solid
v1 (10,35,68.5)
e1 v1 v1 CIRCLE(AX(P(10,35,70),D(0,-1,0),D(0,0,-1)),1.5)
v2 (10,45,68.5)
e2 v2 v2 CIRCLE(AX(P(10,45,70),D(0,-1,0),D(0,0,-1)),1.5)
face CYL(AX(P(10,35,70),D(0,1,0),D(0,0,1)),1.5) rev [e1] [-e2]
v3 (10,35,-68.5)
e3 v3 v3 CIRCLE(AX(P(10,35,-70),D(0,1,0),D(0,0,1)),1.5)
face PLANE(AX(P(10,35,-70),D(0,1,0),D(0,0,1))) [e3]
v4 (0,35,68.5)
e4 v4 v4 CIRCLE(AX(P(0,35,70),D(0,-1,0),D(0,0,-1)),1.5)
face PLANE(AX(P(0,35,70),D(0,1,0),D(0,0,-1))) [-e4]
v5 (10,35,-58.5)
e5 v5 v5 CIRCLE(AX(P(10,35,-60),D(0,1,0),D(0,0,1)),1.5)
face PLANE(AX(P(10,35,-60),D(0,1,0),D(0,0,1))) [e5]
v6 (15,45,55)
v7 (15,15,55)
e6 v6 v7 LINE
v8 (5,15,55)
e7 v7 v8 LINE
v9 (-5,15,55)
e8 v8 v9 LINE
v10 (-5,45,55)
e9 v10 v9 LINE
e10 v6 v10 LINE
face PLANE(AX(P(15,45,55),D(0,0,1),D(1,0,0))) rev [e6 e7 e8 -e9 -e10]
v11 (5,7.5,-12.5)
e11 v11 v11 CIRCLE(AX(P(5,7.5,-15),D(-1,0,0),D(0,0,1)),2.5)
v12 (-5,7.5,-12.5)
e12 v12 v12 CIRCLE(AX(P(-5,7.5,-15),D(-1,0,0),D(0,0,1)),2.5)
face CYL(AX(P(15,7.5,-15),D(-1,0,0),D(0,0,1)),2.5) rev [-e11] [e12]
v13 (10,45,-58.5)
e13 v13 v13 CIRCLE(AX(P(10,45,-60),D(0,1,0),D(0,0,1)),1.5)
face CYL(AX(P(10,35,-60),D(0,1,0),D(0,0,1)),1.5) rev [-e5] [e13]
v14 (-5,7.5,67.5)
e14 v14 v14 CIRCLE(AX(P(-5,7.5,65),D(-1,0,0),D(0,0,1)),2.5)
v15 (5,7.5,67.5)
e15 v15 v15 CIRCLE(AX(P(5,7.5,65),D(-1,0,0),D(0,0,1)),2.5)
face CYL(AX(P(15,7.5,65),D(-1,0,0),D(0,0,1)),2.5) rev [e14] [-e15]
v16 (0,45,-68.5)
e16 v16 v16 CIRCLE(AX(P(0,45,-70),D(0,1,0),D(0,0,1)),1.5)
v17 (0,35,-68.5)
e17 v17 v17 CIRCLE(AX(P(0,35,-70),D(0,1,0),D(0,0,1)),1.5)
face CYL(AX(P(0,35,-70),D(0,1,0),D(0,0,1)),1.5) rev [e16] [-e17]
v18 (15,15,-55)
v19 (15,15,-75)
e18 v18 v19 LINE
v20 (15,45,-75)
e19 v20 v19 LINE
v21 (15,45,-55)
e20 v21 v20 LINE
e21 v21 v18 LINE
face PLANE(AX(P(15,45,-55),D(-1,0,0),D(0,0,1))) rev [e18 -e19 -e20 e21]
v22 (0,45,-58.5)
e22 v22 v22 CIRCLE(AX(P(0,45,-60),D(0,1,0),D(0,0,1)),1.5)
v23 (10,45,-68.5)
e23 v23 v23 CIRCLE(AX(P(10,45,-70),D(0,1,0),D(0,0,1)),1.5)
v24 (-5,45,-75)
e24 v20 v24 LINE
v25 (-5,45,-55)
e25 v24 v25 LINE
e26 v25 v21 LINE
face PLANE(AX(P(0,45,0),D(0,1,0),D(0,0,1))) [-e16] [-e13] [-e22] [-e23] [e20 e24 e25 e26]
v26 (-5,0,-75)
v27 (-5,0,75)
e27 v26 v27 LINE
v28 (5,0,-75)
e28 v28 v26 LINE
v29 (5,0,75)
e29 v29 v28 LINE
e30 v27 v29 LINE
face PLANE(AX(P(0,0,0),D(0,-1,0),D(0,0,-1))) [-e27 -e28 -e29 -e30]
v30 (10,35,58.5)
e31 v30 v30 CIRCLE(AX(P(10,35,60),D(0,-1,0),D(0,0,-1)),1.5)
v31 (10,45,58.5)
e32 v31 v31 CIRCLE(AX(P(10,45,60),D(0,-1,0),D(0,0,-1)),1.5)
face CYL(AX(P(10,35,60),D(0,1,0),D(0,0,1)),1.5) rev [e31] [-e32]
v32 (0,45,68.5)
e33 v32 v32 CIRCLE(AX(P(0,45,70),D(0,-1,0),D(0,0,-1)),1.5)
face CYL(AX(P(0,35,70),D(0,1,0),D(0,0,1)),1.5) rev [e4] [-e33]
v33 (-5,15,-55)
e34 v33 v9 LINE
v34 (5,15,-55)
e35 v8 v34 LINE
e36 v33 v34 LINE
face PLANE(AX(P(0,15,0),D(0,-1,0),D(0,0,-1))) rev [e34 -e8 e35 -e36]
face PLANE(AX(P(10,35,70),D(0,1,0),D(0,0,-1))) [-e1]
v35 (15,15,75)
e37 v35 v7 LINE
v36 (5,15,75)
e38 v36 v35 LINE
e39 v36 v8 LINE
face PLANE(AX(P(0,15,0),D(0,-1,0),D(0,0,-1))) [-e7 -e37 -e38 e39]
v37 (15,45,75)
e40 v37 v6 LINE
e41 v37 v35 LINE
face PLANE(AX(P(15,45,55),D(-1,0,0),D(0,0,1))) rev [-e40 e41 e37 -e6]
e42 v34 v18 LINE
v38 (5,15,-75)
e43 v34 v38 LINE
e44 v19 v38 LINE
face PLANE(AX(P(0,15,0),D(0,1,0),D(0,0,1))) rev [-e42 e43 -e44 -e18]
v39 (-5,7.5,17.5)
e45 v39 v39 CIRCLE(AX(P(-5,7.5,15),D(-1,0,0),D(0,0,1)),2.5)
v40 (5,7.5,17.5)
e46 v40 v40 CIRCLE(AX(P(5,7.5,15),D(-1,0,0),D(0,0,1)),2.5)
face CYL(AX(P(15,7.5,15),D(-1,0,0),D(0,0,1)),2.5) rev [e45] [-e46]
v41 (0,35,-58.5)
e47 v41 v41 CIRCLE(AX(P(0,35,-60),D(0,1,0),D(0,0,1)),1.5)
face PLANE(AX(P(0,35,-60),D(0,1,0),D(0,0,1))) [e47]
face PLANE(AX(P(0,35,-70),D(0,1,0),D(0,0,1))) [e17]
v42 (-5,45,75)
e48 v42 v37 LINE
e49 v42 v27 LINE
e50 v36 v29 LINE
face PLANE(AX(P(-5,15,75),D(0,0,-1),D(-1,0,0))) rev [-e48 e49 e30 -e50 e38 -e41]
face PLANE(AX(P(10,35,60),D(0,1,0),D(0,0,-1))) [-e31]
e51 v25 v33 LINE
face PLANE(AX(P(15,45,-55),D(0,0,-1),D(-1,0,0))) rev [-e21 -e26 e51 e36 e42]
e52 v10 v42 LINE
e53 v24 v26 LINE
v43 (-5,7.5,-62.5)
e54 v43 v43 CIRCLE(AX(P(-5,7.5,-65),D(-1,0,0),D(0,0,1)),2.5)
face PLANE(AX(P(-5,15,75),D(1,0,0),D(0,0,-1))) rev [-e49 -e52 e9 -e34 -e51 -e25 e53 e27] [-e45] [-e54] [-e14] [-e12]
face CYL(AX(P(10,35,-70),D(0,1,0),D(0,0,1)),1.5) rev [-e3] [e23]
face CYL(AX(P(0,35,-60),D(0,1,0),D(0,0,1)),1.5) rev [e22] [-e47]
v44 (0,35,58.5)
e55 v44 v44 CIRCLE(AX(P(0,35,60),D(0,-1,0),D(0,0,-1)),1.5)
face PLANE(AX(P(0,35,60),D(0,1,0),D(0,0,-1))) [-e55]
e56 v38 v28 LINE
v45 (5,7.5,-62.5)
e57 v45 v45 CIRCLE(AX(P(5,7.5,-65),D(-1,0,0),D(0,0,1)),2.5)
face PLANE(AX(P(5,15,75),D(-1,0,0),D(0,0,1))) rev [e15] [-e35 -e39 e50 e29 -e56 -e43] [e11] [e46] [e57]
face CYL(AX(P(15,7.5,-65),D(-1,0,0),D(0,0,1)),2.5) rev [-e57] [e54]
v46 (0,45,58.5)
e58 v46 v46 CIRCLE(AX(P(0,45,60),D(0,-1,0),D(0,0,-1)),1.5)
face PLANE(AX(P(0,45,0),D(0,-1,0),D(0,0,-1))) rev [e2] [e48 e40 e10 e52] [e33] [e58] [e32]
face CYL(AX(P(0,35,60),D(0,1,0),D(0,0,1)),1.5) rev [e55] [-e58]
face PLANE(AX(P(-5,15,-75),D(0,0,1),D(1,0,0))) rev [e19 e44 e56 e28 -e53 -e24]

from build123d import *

# Parameters (mm, degrees)
SKETCH_1_W          = 10
SKETCH_1_H          = 150
EXTRUDE_1_DEPTH     = 15
SKETCH_2_W          = 20
SKETCH_2_H          = 20
EXTRUDE_2_DEPTH     = 30
SKETCH_3_R          = 2.5
CUT_EXTRUDE_1_DEPTH = 90.721792225
SKETCH_4_R          = 1.5
CUT_EXTRUDE_2_DEPTH = 10


with BuildPart() as part:
    # 草图1 → 凸台-拉伸1 (new body)
    with BuildSketch(Plane(origin=(0, 0, 0), x_dir=(1, 0, 0), z_dir=(0, 1, 0))):
        Rectangle(SKETCH_1_W, SKETCH_1_H)
    extrude(amount=EXTRUDE_1_DEPTH)

    # 草图2 → 凸台-拉伸2 (add)
    with BuildSketch(Plane(origin=(0, 15, 0), x_dir=(1, 0, 0), z_dir=(0, 1, 0))):
        with Locations((5, 65)):
            Rectangle(SKETCH_2_W, SKETCH_2_H)
        with Locations((5, -65)):
            Rectangle(SKETCH_2_W, SKETCH_2_H)
    extrude(amount=EXTRUDE_2_DEPTH)

    # 草图3 → 切除-拉伸1 (cut, through all)
    with BuildSketch(Plane.ZY.offset(5)):
        with Locations((-65, 7.5)):
            Circle(SKETCH_3_R)
        with Locations((-15, 7.5)):
            Circle(SKETCH_3_R)
        with Locations((15, 7.5)):
            Circle(SKETCH_3_R)
        with Locations((65, 7.5)):
            Circle(SKETCH_3_R)
    extrude(amount=-CUT_EXTRUDE_1_DEPTH, mode=Mode.SUBTRACT)

    # 草图4 → 切除-拉伸2 (cut)
    with BuildSketch(Plane(origin=(0, 45, 0), x_dir=(1, 0, 0), z_dir=(0, 1, 0))):
        with Locations(Location((0, 70, 0), (0, 0, 270))):
            Circle(SKETCH_4_R)
        with Locations(Location((10, 70, 0), (0, 0, 270))):
            Circle(SKETCH_4_R)
        with Locations(Location((0, 60, 0), (0, 0, 270))):
            Circle(SKETCH_4_R)
        with Locations(Location((10, 60, 0), (0, 0, 270))):
            Circle(SKETCH_4_R)
    cut_extrude_2 = extrude(amount=-CUT_EXTRUDE_2_DEPTH, mode=Mode.SUBTRACT)

    # 镜向1: 切除-拉伸2 across plane
    add(cut_extrude_2.mirror(Plane.XY), mode=Mode.SUBTRACT)


solid = part.part
